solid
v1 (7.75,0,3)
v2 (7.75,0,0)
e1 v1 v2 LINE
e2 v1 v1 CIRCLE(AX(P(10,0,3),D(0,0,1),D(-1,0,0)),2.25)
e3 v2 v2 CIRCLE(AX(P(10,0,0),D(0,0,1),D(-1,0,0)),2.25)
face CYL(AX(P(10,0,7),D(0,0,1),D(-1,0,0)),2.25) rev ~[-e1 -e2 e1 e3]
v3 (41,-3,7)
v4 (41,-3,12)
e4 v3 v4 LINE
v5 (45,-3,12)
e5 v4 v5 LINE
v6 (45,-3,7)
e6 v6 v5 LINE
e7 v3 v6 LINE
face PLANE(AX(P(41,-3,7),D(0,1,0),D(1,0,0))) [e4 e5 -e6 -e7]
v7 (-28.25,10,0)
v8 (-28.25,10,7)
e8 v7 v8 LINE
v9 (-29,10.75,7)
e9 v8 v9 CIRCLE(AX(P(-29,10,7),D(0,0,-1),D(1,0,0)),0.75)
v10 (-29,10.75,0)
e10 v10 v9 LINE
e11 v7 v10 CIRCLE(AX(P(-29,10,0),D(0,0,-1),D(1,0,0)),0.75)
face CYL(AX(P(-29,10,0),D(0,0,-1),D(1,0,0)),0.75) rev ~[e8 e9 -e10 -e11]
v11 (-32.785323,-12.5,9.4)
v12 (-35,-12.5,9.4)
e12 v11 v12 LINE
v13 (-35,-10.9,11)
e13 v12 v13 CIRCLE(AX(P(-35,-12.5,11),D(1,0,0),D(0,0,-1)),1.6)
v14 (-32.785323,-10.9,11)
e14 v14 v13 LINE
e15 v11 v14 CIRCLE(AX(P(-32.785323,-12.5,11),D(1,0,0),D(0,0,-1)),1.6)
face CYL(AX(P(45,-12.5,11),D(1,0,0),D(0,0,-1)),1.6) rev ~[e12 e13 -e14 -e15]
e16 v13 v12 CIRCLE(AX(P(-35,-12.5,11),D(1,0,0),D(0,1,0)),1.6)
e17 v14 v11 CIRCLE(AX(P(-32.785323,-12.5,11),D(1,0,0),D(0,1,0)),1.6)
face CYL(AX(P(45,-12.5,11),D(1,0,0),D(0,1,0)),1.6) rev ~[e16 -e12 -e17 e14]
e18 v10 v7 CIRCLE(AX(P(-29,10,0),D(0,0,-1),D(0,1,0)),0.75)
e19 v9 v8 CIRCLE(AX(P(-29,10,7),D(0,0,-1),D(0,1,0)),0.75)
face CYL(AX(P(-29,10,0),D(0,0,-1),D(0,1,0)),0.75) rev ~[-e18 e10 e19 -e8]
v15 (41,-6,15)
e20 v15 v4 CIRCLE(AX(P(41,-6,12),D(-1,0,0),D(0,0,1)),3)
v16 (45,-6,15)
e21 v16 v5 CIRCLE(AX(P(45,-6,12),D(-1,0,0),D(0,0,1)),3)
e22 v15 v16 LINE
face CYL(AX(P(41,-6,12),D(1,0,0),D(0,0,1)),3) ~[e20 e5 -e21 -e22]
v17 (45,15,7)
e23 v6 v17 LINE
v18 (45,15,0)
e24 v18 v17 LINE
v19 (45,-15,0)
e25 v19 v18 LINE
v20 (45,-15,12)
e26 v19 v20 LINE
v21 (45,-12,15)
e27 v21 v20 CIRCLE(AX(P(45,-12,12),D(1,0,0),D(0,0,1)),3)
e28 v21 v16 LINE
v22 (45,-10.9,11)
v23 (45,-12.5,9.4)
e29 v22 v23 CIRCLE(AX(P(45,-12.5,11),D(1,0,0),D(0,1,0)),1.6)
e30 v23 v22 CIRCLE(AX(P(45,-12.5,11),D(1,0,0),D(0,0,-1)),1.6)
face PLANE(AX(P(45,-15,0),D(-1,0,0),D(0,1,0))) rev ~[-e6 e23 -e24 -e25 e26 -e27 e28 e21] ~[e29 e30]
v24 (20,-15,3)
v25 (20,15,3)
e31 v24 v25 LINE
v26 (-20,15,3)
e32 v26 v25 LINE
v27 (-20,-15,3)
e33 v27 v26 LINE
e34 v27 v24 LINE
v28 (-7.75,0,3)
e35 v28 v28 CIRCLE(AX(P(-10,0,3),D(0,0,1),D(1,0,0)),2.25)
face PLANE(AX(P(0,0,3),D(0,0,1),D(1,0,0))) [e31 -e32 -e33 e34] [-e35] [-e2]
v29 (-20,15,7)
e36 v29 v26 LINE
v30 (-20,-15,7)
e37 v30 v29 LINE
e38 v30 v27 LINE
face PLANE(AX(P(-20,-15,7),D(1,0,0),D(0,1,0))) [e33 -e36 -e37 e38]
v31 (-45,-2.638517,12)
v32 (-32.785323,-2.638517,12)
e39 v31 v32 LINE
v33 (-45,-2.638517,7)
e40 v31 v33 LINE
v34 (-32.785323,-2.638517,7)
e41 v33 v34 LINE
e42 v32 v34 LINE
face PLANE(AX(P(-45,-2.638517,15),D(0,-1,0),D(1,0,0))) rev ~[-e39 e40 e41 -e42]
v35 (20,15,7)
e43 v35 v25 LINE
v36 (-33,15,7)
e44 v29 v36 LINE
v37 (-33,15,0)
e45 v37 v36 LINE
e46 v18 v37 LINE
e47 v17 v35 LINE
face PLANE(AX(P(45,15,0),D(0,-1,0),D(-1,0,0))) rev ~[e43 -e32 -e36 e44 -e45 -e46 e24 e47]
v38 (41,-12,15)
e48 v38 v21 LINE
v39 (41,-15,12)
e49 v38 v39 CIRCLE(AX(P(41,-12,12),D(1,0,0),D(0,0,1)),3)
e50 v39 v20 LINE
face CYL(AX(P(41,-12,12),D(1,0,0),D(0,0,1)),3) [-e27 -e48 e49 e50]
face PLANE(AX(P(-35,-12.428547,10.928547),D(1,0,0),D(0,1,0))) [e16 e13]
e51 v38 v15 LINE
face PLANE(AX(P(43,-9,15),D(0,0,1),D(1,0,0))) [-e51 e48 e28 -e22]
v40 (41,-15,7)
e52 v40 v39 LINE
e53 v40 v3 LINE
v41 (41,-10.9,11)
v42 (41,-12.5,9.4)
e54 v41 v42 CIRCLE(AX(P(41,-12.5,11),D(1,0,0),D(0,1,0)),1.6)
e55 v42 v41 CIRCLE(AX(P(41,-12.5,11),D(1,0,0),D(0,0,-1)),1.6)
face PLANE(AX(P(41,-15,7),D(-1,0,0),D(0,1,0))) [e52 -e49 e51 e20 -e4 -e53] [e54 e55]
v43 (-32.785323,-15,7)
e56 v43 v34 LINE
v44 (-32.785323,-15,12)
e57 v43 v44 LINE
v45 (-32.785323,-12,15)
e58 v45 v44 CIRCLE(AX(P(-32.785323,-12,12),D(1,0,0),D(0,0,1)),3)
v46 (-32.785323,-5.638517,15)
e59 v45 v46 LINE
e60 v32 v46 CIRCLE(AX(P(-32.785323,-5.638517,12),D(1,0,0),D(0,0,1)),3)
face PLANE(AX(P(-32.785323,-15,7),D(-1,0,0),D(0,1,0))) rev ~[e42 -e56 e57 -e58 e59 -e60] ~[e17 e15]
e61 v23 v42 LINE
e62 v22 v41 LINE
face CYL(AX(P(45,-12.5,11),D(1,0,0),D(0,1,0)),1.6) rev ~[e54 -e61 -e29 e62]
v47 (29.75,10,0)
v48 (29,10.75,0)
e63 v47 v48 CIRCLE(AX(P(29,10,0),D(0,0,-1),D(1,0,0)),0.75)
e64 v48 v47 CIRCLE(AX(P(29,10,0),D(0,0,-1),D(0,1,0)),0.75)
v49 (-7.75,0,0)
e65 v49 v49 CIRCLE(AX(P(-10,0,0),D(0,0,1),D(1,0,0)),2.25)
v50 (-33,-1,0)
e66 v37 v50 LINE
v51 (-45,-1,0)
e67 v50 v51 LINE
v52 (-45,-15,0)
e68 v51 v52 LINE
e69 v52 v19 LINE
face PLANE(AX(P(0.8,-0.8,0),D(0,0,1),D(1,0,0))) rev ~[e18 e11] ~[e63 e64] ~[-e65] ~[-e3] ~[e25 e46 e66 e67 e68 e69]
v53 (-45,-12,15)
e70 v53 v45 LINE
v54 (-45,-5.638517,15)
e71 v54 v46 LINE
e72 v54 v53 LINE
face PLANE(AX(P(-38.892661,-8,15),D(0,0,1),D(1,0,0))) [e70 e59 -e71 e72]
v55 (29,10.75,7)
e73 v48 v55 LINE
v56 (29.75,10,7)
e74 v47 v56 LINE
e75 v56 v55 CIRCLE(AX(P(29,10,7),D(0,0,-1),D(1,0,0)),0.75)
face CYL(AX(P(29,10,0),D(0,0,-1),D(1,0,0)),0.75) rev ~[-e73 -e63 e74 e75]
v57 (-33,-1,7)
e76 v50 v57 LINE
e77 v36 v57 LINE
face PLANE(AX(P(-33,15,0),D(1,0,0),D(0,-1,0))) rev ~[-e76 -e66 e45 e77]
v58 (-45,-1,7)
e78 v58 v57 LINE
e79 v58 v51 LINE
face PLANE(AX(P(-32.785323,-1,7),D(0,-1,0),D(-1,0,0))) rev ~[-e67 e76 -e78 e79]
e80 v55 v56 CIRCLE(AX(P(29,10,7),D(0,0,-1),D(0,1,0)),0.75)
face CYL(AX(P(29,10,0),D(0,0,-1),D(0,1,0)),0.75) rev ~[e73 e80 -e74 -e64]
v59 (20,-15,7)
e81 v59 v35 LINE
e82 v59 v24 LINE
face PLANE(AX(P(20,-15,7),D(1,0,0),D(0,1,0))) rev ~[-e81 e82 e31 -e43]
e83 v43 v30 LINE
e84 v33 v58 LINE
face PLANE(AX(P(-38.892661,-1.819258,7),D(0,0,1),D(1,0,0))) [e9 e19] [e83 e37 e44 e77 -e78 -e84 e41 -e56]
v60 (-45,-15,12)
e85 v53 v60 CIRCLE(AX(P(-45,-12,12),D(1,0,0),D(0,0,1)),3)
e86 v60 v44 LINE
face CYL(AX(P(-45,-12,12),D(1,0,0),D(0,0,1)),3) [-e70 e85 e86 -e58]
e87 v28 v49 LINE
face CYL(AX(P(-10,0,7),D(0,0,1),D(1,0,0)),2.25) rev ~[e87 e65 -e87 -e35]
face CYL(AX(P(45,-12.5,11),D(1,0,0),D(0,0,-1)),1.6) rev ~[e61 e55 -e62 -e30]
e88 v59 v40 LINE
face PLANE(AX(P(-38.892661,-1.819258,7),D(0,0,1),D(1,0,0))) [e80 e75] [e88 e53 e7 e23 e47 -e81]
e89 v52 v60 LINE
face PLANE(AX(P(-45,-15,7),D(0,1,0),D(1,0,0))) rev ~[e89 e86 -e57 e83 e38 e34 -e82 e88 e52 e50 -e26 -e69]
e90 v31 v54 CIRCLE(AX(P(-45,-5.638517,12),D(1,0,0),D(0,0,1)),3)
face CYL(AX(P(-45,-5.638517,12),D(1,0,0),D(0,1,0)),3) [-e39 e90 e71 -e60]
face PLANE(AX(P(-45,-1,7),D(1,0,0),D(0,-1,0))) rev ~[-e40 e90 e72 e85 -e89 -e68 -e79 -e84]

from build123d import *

# Parameters (mm, degrees)
F1_DEPTH  = 7
F2_W      = 4
F2_H      = 12
F3_DEPTH  = 8
F4_W      = 12.2146774828
F4_H      = 1.6385169476
F5_DEPTH  = 8
F7_DEPTH  = 80
F8_R      = 2.25
F9_DEPTH  = 25
F10_W     = 40
F10_H     = 30
F10_R     = 2.25
F11_DEPTH = 4
F12_R     = 3


with BuildPart() as f1:
    # F0 (on Top) → F1 (new body)
    with BuildSketch(Plane.XY):
        Polygon((-29, 15), (-33, 15), (-33, -1), (-45, -1), (-45, -15), (45, -15), (45, 15), (29, 15), align=None)
        with BuildLine():
            ThreePointArc((-28.25, 10), (-29.5303300859, 9.4696699141), (-29, 10.75))
            ThreePointArc((-29, 10.75), (-28.4696699141, 10.5303300859), (-28.25, 10))
        make_face(mode=Mode.SUBTRACT)
        with BuildLine():
            ThreePointArc((29.75, 10), (28.4696699141, 9.4696699141), (29, 10.75))
            ThreePointArc((29, 10.75), (29.5303300859, 10.5303300859), (29.75, 10))
        make_face(mode=Mode.SUBTRACT)
    extrude(amount=F1_DEPTH)

    # F2 (on face) → F3 (join)
    with BuildSketch(Plane.XY.offset(7)):
        Polygon((-33, -1), (-45, -1), (-45, -15), (-32.7853225172, -15), (-32.7853225172, -1), align=None)
        with Locations((43, -9)):
            Rectangle(F2_W, F2_H)
    extrude(amount=F3_DEPTH)

    # F4 (on face) → F5 (cut)
    with BuildSketch(Plane.XY.offset(15)):
        with Locations((-38.8926612586, -1.8192584738)):
            Rectangle(F4_W, F4_H)
    extrude(amount=-F5_DEPTH, mode=Mode.SUBTRACT)

    # F6 (on face) → F7 (cut)
    with BuildSketch(Plane.YZ.offset(45)):
        with BuildLine():
            ThreePointArc((-12.5, 9.4), (-11.3686291501, 9.8686291501), (-10.9, 11))
            ThreePointArc((-10.9, 11), (-13.6313708499, 12.1313708499), (-12.5, 9.4))
        make_face()
    extrude(amount=-F7_DEPTH, mode=Mode.SUBTRACT)

    # F8 (on face) → F9 (cut)
    with BuildSketch(Plane.XY.offset(7)):
        with Locations((-10, 0)):
            Circle(F8_R)
        with BuildLine():
            ThreePointArc((12.25, 0), (10, 2.25), (7.75, 0))
            ThreePointArc((7.75, 0), (10, -2.25), (12.25, 0))
        make_face()
    extrude(amount=-F9_DEPTH, mode=Mode.SUBTRACT)

    # F10 (on face) → F11 (cut)
    with BuildSketch(Plane.XY.offset(7)):
        Rectangle(F10_W, F10_H)
        with Locations((-10, 0)):
            Circle(F10_R, mode=Mode.SUBTRACT)
        with Locations((10, 0)):
            Circle(F10_R, mode=Mode.SUBTRACT)
    extrude(amount=-F11_DEPTH, mode=Mode.SUBTRACT)

    # F12
    f12_edges = [f1.edges().sort_by_distance(p)[0] for p in [
        (-38.892661, -15, 15),
        (43, -15, 15),
        (-38.892661, -2.638517, 15),
        (43, -3, 15),
    ]]
    fillet(f12_edges, radius=F12_R)


solid = f1.part
